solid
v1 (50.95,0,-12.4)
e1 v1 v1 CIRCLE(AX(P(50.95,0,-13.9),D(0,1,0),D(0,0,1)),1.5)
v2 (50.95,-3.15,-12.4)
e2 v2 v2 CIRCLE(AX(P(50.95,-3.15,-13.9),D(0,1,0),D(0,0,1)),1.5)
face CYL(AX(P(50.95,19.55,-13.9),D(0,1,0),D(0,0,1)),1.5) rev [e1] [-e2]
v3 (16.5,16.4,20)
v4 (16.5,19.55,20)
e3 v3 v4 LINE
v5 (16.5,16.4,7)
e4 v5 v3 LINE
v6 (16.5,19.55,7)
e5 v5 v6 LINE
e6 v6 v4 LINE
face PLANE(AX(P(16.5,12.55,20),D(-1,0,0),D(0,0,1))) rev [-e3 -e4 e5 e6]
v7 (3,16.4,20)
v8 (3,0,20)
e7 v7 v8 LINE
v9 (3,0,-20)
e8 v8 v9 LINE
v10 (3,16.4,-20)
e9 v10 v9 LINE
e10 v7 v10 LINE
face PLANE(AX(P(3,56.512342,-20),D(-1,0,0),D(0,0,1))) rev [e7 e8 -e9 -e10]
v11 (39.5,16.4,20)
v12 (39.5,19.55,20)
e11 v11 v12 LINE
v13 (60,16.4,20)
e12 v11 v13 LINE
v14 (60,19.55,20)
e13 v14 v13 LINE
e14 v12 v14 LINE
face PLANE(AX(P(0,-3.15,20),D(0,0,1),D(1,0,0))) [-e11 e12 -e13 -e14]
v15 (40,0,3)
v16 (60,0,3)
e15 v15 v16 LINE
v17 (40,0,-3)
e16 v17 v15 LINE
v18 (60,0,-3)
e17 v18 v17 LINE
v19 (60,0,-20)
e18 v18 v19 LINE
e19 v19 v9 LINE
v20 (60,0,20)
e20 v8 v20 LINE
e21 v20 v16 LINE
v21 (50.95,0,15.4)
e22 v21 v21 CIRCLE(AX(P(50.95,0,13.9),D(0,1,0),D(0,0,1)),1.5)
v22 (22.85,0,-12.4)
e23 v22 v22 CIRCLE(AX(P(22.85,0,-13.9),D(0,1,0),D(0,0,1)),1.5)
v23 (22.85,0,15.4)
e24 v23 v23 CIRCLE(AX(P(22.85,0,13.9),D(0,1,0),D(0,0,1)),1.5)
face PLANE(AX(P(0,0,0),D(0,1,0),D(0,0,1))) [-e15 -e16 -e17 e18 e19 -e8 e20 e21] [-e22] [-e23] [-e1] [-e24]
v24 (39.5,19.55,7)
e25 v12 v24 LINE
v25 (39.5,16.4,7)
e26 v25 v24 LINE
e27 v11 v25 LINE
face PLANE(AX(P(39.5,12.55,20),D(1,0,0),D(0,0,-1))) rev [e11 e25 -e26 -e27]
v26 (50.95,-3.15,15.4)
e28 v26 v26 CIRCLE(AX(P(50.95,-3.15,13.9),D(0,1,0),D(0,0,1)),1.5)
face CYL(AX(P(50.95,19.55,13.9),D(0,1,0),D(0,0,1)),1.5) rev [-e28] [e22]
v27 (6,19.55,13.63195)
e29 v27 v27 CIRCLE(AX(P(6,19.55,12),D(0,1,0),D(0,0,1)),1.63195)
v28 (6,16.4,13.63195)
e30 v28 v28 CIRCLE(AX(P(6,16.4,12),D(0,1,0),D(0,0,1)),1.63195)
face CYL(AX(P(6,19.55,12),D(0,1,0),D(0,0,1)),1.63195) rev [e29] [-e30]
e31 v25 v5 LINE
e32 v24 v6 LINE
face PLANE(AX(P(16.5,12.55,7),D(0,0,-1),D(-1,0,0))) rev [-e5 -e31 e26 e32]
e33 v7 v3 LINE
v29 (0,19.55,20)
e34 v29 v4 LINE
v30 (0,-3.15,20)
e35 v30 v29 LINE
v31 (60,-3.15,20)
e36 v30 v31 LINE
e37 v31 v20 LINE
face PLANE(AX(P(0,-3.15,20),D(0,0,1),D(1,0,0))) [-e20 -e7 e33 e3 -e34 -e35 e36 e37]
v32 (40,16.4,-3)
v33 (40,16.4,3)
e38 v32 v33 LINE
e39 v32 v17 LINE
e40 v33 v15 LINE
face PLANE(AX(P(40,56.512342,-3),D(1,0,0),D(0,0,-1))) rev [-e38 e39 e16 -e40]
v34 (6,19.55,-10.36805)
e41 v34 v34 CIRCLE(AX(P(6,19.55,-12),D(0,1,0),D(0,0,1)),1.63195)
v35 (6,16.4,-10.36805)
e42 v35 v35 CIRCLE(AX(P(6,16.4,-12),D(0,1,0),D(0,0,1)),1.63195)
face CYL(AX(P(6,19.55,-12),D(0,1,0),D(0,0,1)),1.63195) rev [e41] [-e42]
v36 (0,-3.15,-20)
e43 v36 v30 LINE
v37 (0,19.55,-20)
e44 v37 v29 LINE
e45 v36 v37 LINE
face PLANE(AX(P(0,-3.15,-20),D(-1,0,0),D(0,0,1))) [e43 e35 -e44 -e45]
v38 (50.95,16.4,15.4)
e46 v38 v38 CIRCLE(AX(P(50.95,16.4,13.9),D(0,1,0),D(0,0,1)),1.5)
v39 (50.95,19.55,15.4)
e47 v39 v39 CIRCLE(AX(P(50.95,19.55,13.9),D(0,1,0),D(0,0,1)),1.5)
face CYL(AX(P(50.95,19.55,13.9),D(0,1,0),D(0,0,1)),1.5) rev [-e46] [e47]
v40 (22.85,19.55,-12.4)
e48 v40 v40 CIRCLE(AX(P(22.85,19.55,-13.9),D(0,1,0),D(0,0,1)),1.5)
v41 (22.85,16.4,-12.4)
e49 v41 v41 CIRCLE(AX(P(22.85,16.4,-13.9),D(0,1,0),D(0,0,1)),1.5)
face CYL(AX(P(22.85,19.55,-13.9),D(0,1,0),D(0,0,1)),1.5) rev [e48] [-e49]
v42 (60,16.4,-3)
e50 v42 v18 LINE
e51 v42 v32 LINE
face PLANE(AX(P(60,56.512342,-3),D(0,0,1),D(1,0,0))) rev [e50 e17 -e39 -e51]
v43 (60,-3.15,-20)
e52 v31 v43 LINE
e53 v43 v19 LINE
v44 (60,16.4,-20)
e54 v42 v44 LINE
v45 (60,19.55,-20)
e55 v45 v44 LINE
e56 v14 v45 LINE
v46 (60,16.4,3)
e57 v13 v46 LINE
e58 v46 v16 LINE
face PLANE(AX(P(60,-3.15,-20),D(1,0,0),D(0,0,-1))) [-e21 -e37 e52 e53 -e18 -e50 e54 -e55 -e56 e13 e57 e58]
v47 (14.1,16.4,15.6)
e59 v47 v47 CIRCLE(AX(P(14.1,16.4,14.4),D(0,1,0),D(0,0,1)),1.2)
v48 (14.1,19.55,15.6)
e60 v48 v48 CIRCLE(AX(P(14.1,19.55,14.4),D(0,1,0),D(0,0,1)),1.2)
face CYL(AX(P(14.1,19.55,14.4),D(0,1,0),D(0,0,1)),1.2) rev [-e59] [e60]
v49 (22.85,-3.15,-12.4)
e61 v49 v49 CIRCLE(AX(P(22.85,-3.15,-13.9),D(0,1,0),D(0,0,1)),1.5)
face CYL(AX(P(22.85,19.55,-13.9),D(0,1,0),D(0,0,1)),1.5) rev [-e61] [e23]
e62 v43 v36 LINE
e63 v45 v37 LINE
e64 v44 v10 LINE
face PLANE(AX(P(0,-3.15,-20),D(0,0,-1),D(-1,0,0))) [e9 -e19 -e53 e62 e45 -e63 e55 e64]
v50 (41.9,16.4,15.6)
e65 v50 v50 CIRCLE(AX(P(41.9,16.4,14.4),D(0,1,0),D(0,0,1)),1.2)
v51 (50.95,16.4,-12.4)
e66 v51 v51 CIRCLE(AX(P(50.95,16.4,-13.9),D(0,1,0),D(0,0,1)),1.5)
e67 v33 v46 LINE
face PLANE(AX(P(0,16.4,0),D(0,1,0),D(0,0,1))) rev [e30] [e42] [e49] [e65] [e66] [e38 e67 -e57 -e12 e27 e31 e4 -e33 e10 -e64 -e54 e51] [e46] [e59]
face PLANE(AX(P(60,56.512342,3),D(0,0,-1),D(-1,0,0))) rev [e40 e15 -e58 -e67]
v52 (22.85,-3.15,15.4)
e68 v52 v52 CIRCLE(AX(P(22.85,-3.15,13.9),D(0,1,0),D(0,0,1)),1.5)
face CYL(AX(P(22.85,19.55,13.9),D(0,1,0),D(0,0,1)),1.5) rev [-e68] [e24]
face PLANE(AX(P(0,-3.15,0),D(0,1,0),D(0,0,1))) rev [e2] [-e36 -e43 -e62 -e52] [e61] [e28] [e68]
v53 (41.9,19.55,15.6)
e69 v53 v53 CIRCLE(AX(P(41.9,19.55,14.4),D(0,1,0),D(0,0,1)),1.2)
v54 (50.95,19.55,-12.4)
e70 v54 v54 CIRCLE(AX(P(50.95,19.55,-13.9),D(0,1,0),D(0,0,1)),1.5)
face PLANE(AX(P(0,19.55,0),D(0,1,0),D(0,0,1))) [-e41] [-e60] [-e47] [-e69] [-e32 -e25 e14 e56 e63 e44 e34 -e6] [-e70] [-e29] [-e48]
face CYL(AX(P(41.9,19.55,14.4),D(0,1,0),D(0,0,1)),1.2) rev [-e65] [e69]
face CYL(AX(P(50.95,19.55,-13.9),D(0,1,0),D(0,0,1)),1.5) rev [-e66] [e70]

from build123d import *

# Parameters (mm, degrees)
SKETCH1_W                 = 60
SKETCH1_H                 = 40
BOSS_EXTRUDE1_DEPTH       = 3.15
BOSS_EXTRUDE2_START       = 16.4
SKETCH1_2_W               = 60
SKETCH1_2_H               = 40
BOSS_EXTRUDE2_DEPTH       = 3.15
SKETCH2_W                 = 3
SKETCH2_H                 = 40
SKETCH2_W_2               = 20
SKETCH2_H_2               = 6
BOSS_EXTRUDE3_DEPTH       = 16.4
M2_CLEARANCE_HOLE1_D      = 2.4
M2_CLEARANCE_HOLE1_DEPTH  = 5
M2_CLEARANCE_HOLE1_TIP    = 0.721032743
F_3_0MM_DOWEL_HOLE1_D     = 3
SKETCH5_W                 = 23
SKETCH5_H                 = 13
CUT_EXTRUDE1_DEPTH        = 7
F_4_CLEARANCE_HOLE2_D     = 3.2639
F_4_CLEARANCE_HOLE2_DEPTH = 10
F_4_CLEARANCE_HOLE2_TIP   = 0.980574487


with BuildPart() as part:
    # Sketch1 → Boss-Extrude1 (new body)
    with BuildSketch(Plane(origin=(0, 0, 0), x_dir=(1, 0, 0), z_dir=(0, 1, 0))):
        with Locations((30, 0)):
            Rectangle(SKETCH1_W, SKETCH1_H)
    extrude(amount=-BOSS_EXTRUDE1_DEPTH)



with BuildPart() as body_2:
    # Sketch1<2> → Boss-Extrude2 (new body)
    with BuildSketch(Plane(origin=(0, 0, 0), x_dir=(1, 0, 0), z_dir=(0, 1, 0)).offset(BOSS_EXTRUDE2_START)):
        with Locations((30, 0)):
            Rectangle(SKETCH1_2_W, SKETCH1_2_H)
    extrude(amount=BOSS_EXTRUDE2_DEPTH)


with BuildPart() as part_1:
    add(part.part)

    add(body_2.part)  # Boss-Extrude3 merges body 2
    # Sketch2 → Boss-Extrude3 (add)
    with BuildSketch(Plane(origin=(0, 0, 0), x_dir=(1, 0, 0), z_dir=(0, 1, 0))):
        with Locations((1.5, 0)):
            Rectangle(SKETCH2_W, SKETCH2_H)
        with Locations((50, 0)):
            Rectangle(SKETCH2_W_2, SKETCH2_H_2)
    extrude(amount=BOSS_EXTRUDE3_DEPTH)

    # M2 Clearance Hole1
    with Locations(Plane(origin=(0, 19.55, 0), x_dir=(1, 0, 0), z_dir=(0, 1, 0))):
        with Locations((14.1, -14.4), (41.9, -14.4)):
            Hole(M2_CLEARANCE_HOLE1_D / 2, depth=M2_CLEARANCE_HOLE1_DEPTH)
            with Locations((0, 0, -(M2_CLEARANCE_HOLE1_DEPTH + M2_CLEARANCE_HOLE1_TIP / 2))):  # 118° drill point
                Cone(0, M2_CLEARANCE_HOLE1_D / 2, M2_CLEARANCE_HOLE1_TIP, mode=Mode.SUBTRACT)

    # Ø3.0mm Dowel Hole1 (through all)
    with Locations(Plane(origin=(0, 19.55, 0), x_dir=(1, 0, 0), z_dir=(0, 1, 0))):
        with Locations((50.95, -13.9), (22.85, 13.9), (50.95, 13.9), (22.85, -13.9)):
            Hole(F_3_0MM_DOWEL_HOLE1_D / 2)

    # Sketch5 → Cut-Extrude1 (cut)
    with BuildSketch(Plane(origin=(0, 19.55, 0), x_dir=(1, 0, 0), z_dir=(0, 1, 0))):
        with Locations((28, -13.5)):
            Rectangle(SKETCH5_W, SKETCH5_H)
    extrude(amount=-CUT_EXTRUDE1_DEPTH, mode=Mode.SUBTRACT)

    # #4 Clearance Hole2
    with Locations(Plane(origin=(0, 19.55, 0), x_dir=(1, 0, 0), z_dir=(0, 1, 0))):
        with Locations((6, 12), (6, -12)):
            Hole(F_4_CLEARANCE_HOLE2_D / 2, depth=F_4_CLEARANCE_HOLE2_DEPTH)
            with Locations((0, 0, -(F_4_CLEARANCE_HOLE2_DEPTH + F_4_CLEARANCE_HOLE2_TIP / 2))):  # 118° drill point
                Cone(0, F_4_CLEARANCE_HOLE2_D / 2, F_4_CLEARANCE_HOLE2_TIP, mode=Mode.SUBTRACT)


solid = part_1.part
